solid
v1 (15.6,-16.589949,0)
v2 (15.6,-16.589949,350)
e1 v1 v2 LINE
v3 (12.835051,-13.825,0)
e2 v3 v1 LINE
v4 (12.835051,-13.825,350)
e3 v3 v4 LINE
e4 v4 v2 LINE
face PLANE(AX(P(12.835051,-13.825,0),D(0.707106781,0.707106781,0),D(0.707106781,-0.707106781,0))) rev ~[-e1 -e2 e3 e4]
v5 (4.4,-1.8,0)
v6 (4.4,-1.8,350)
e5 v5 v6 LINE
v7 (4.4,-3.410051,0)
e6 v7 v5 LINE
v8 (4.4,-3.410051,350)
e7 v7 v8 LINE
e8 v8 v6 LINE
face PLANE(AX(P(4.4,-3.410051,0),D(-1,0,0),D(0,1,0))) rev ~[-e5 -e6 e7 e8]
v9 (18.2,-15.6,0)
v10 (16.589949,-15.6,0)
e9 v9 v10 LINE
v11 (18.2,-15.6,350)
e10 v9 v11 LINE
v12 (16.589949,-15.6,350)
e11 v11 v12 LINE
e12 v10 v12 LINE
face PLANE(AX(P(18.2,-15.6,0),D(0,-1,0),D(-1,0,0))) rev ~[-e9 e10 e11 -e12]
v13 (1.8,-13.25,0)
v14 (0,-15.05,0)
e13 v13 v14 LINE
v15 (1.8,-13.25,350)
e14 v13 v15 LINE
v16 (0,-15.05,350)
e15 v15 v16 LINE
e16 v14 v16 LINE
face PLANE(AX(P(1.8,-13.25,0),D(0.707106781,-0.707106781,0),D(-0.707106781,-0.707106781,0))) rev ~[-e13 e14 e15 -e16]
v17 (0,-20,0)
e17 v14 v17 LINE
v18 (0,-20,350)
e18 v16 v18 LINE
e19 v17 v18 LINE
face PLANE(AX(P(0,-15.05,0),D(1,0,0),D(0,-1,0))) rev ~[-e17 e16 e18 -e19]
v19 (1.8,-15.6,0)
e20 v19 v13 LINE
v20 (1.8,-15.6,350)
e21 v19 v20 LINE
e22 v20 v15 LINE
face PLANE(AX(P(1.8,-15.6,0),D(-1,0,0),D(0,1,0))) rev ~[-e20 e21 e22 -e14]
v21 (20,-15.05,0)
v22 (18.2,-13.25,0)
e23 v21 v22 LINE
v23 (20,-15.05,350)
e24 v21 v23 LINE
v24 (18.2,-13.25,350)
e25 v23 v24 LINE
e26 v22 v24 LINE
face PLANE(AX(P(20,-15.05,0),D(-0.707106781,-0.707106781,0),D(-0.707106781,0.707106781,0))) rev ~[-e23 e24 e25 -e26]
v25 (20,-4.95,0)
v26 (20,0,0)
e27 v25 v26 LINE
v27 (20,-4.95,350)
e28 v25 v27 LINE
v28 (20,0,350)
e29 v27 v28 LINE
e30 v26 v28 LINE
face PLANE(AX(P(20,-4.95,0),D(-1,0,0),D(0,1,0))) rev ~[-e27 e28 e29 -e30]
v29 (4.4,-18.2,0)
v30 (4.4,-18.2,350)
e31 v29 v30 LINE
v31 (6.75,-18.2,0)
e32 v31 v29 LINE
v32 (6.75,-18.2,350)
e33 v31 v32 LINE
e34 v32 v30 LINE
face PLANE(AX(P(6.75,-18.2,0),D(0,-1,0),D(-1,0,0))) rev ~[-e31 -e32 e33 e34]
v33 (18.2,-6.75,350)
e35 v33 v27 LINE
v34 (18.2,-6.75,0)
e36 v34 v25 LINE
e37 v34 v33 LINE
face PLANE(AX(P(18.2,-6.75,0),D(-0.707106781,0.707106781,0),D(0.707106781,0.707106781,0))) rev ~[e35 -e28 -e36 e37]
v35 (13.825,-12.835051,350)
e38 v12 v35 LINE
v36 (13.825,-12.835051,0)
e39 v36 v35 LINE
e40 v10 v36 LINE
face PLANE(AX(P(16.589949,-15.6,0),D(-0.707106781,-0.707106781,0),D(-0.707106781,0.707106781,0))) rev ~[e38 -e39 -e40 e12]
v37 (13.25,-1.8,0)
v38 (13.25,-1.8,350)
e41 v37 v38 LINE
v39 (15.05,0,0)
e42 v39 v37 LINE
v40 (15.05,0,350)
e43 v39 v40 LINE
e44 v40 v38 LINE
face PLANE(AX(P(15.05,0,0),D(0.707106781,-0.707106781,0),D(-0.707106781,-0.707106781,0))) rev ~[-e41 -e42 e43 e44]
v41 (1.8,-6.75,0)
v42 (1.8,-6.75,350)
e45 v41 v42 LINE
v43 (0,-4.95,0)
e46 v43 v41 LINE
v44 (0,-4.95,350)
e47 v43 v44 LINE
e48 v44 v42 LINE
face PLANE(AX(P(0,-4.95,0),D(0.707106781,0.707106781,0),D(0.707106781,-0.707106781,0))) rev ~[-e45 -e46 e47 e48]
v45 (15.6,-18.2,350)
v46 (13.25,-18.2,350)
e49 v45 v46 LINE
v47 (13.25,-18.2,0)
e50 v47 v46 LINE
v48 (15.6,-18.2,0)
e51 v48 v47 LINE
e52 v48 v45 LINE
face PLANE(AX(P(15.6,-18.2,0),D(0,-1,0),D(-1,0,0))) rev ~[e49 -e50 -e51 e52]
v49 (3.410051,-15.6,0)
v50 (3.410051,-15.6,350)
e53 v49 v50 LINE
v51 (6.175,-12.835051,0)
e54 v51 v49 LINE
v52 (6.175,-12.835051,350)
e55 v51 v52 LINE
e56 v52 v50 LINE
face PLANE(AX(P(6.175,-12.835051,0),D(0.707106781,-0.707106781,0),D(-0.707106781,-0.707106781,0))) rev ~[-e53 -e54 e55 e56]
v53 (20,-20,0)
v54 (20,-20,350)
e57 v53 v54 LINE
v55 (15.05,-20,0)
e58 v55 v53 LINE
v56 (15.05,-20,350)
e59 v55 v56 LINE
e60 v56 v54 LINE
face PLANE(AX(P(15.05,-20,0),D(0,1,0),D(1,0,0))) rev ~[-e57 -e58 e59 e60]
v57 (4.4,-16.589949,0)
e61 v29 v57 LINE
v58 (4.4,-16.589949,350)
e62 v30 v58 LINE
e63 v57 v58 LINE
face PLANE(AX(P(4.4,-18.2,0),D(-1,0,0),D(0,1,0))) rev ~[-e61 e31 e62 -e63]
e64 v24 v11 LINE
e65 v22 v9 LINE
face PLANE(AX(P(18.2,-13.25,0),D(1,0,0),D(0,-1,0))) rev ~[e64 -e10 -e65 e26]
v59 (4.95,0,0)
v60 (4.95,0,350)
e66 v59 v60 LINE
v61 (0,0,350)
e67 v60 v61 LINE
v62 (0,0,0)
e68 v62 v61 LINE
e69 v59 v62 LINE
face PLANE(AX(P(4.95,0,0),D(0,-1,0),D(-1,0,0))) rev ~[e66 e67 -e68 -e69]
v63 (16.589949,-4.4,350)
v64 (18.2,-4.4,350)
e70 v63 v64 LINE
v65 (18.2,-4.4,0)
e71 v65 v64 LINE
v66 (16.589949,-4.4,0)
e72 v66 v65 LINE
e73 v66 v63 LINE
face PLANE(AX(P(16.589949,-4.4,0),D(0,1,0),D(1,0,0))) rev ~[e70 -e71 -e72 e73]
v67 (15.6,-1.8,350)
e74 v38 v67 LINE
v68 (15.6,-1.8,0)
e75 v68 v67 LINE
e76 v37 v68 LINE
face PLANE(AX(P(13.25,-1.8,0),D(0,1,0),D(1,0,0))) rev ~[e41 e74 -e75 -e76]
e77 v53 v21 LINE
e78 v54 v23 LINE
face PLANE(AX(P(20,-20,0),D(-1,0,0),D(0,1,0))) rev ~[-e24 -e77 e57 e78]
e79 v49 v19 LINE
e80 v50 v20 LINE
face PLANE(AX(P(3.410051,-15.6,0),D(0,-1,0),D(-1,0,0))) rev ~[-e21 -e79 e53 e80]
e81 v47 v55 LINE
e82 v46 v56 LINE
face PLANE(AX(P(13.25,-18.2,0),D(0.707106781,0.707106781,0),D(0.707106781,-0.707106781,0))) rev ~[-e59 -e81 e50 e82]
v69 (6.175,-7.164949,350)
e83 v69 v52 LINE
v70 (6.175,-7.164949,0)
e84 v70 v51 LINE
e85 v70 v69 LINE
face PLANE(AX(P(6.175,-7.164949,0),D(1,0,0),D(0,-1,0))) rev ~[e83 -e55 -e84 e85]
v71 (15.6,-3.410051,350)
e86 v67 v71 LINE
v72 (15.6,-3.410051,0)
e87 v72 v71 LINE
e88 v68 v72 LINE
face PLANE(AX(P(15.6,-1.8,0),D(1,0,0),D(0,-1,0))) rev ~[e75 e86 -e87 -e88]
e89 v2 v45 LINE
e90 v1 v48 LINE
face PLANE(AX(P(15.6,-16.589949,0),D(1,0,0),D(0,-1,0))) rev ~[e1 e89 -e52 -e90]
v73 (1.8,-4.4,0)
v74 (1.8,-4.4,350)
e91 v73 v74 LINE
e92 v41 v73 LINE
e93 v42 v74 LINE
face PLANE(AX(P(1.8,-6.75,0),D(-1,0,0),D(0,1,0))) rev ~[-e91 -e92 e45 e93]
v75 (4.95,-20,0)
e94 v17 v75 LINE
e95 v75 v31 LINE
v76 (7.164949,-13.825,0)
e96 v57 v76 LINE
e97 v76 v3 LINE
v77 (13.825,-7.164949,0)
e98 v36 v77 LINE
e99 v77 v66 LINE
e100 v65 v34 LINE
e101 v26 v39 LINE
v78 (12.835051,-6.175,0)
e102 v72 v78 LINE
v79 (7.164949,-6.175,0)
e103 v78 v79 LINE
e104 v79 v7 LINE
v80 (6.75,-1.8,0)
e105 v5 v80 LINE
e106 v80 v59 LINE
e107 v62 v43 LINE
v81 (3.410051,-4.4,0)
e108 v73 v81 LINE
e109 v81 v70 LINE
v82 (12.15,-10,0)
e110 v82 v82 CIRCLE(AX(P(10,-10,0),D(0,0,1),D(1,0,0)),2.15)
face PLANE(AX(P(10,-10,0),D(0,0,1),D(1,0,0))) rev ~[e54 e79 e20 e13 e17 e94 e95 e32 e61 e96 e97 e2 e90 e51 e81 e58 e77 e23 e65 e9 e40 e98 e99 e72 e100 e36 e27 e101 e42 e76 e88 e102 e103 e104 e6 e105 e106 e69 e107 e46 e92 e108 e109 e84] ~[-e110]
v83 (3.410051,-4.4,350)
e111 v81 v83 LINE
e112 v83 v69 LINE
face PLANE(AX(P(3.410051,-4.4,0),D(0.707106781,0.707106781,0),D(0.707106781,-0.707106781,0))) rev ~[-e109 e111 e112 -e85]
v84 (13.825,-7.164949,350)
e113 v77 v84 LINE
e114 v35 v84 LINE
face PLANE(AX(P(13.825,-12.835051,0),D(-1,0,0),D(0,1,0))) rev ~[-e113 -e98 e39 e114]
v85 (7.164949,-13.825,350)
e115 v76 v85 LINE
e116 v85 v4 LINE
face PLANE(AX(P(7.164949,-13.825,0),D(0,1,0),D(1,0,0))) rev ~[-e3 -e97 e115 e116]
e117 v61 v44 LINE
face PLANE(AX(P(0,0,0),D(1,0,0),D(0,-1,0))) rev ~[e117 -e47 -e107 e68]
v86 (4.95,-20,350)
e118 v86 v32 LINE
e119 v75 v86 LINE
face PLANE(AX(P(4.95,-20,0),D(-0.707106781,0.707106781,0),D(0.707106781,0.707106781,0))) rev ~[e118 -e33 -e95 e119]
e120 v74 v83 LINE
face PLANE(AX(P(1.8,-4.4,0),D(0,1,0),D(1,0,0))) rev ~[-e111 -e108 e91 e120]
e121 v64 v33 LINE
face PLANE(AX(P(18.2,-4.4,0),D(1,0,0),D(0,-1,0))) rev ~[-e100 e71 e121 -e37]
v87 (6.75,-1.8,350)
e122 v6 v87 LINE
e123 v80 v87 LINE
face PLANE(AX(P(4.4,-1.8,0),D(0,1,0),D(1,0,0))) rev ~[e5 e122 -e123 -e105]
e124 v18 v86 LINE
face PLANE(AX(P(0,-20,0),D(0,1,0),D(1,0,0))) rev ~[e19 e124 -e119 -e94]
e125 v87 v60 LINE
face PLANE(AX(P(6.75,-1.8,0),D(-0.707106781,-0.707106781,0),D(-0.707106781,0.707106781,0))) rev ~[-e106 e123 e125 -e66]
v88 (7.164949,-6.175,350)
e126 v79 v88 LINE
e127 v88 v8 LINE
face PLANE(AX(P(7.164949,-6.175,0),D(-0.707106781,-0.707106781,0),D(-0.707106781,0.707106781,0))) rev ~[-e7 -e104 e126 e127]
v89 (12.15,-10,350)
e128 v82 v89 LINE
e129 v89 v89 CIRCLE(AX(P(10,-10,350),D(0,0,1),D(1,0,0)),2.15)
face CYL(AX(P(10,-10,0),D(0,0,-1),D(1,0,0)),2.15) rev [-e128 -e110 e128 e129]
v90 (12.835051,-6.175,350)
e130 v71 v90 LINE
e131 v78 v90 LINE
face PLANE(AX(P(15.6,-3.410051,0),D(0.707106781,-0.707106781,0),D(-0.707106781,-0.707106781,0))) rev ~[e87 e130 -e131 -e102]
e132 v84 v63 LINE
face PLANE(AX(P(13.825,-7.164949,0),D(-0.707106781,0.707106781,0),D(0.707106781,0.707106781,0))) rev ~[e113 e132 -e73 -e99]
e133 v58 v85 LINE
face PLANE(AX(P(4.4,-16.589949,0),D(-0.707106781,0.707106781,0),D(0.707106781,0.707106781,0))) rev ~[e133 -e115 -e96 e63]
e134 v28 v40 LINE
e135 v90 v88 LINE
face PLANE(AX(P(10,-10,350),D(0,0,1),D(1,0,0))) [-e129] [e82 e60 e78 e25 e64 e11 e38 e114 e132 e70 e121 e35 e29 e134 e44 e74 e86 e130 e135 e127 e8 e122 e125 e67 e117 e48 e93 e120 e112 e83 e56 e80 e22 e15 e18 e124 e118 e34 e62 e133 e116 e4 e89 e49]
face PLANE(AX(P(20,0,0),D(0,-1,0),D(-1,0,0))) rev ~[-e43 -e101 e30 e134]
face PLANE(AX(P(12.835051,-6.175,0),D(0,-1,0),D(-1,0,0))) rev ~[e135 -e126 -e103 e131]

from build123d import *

# Parameters (mm, degrees)
CROQUIS1_R      = 2.15
BOSCHBASE_DEPTH = 350


with BuildPart() as part:
    # Croquis1 → BoschBase (new body)
    with BuildSketch(Plane.XY):
        Polygon((4.4, 0), (0, 0), (0, -0.56736664), (0, -4.4), (0, -4.95), (1.8, -6.75), (1.8, -4.4), (3.410050506, -4.4), (6.175, -7.164949494), (6.175, -12.835050506), (3.410050506, -15.6), (1.8, -15.6), (1.8, -13.25), (0, -15.05), (0, -15.6), (0, -20), (4.4, -20), (4.95, -20), (6.75, -18.2), (4.4, -18.2), (4.4, -16.589949494), (7.164949494, -13.825), (12.835050506, -13.825), (15.6, -16.589949494), (15.6, -18.2), (13.25, -18.2), (15.05, -20), (15.6, -20), (18.2, -20), (20, -20), (20, -15.6), (20, -15.05), (18.2, -13.25), (18.2, -15.6), (16.589949494, -15.6), (13.825, -12.835050506), (13.825, -7.164949494), (16.589949494, -4.4), (18.2, -4.4), (18.2, -6.75), (20, -4.95), (20, -4.4), (20, 0), (15.6, 0), (15.05, 0), (13.25, -1.8), (15.6, -1.8), (15.6, -3.410050506), (12.835050506, -6.175), (7.164949494, -6.175), (4.4, -3.410050506), (4.4, -1.8), (6.75, -1.8), (4.95, 0), align=None)
        with Locations((10, -10)):
            Circle(CROQUIS1_R, mode=Mode.SUBTRACT)
    extrude(amount=BOSCHBASE_DEPTH)


solid = part.part
